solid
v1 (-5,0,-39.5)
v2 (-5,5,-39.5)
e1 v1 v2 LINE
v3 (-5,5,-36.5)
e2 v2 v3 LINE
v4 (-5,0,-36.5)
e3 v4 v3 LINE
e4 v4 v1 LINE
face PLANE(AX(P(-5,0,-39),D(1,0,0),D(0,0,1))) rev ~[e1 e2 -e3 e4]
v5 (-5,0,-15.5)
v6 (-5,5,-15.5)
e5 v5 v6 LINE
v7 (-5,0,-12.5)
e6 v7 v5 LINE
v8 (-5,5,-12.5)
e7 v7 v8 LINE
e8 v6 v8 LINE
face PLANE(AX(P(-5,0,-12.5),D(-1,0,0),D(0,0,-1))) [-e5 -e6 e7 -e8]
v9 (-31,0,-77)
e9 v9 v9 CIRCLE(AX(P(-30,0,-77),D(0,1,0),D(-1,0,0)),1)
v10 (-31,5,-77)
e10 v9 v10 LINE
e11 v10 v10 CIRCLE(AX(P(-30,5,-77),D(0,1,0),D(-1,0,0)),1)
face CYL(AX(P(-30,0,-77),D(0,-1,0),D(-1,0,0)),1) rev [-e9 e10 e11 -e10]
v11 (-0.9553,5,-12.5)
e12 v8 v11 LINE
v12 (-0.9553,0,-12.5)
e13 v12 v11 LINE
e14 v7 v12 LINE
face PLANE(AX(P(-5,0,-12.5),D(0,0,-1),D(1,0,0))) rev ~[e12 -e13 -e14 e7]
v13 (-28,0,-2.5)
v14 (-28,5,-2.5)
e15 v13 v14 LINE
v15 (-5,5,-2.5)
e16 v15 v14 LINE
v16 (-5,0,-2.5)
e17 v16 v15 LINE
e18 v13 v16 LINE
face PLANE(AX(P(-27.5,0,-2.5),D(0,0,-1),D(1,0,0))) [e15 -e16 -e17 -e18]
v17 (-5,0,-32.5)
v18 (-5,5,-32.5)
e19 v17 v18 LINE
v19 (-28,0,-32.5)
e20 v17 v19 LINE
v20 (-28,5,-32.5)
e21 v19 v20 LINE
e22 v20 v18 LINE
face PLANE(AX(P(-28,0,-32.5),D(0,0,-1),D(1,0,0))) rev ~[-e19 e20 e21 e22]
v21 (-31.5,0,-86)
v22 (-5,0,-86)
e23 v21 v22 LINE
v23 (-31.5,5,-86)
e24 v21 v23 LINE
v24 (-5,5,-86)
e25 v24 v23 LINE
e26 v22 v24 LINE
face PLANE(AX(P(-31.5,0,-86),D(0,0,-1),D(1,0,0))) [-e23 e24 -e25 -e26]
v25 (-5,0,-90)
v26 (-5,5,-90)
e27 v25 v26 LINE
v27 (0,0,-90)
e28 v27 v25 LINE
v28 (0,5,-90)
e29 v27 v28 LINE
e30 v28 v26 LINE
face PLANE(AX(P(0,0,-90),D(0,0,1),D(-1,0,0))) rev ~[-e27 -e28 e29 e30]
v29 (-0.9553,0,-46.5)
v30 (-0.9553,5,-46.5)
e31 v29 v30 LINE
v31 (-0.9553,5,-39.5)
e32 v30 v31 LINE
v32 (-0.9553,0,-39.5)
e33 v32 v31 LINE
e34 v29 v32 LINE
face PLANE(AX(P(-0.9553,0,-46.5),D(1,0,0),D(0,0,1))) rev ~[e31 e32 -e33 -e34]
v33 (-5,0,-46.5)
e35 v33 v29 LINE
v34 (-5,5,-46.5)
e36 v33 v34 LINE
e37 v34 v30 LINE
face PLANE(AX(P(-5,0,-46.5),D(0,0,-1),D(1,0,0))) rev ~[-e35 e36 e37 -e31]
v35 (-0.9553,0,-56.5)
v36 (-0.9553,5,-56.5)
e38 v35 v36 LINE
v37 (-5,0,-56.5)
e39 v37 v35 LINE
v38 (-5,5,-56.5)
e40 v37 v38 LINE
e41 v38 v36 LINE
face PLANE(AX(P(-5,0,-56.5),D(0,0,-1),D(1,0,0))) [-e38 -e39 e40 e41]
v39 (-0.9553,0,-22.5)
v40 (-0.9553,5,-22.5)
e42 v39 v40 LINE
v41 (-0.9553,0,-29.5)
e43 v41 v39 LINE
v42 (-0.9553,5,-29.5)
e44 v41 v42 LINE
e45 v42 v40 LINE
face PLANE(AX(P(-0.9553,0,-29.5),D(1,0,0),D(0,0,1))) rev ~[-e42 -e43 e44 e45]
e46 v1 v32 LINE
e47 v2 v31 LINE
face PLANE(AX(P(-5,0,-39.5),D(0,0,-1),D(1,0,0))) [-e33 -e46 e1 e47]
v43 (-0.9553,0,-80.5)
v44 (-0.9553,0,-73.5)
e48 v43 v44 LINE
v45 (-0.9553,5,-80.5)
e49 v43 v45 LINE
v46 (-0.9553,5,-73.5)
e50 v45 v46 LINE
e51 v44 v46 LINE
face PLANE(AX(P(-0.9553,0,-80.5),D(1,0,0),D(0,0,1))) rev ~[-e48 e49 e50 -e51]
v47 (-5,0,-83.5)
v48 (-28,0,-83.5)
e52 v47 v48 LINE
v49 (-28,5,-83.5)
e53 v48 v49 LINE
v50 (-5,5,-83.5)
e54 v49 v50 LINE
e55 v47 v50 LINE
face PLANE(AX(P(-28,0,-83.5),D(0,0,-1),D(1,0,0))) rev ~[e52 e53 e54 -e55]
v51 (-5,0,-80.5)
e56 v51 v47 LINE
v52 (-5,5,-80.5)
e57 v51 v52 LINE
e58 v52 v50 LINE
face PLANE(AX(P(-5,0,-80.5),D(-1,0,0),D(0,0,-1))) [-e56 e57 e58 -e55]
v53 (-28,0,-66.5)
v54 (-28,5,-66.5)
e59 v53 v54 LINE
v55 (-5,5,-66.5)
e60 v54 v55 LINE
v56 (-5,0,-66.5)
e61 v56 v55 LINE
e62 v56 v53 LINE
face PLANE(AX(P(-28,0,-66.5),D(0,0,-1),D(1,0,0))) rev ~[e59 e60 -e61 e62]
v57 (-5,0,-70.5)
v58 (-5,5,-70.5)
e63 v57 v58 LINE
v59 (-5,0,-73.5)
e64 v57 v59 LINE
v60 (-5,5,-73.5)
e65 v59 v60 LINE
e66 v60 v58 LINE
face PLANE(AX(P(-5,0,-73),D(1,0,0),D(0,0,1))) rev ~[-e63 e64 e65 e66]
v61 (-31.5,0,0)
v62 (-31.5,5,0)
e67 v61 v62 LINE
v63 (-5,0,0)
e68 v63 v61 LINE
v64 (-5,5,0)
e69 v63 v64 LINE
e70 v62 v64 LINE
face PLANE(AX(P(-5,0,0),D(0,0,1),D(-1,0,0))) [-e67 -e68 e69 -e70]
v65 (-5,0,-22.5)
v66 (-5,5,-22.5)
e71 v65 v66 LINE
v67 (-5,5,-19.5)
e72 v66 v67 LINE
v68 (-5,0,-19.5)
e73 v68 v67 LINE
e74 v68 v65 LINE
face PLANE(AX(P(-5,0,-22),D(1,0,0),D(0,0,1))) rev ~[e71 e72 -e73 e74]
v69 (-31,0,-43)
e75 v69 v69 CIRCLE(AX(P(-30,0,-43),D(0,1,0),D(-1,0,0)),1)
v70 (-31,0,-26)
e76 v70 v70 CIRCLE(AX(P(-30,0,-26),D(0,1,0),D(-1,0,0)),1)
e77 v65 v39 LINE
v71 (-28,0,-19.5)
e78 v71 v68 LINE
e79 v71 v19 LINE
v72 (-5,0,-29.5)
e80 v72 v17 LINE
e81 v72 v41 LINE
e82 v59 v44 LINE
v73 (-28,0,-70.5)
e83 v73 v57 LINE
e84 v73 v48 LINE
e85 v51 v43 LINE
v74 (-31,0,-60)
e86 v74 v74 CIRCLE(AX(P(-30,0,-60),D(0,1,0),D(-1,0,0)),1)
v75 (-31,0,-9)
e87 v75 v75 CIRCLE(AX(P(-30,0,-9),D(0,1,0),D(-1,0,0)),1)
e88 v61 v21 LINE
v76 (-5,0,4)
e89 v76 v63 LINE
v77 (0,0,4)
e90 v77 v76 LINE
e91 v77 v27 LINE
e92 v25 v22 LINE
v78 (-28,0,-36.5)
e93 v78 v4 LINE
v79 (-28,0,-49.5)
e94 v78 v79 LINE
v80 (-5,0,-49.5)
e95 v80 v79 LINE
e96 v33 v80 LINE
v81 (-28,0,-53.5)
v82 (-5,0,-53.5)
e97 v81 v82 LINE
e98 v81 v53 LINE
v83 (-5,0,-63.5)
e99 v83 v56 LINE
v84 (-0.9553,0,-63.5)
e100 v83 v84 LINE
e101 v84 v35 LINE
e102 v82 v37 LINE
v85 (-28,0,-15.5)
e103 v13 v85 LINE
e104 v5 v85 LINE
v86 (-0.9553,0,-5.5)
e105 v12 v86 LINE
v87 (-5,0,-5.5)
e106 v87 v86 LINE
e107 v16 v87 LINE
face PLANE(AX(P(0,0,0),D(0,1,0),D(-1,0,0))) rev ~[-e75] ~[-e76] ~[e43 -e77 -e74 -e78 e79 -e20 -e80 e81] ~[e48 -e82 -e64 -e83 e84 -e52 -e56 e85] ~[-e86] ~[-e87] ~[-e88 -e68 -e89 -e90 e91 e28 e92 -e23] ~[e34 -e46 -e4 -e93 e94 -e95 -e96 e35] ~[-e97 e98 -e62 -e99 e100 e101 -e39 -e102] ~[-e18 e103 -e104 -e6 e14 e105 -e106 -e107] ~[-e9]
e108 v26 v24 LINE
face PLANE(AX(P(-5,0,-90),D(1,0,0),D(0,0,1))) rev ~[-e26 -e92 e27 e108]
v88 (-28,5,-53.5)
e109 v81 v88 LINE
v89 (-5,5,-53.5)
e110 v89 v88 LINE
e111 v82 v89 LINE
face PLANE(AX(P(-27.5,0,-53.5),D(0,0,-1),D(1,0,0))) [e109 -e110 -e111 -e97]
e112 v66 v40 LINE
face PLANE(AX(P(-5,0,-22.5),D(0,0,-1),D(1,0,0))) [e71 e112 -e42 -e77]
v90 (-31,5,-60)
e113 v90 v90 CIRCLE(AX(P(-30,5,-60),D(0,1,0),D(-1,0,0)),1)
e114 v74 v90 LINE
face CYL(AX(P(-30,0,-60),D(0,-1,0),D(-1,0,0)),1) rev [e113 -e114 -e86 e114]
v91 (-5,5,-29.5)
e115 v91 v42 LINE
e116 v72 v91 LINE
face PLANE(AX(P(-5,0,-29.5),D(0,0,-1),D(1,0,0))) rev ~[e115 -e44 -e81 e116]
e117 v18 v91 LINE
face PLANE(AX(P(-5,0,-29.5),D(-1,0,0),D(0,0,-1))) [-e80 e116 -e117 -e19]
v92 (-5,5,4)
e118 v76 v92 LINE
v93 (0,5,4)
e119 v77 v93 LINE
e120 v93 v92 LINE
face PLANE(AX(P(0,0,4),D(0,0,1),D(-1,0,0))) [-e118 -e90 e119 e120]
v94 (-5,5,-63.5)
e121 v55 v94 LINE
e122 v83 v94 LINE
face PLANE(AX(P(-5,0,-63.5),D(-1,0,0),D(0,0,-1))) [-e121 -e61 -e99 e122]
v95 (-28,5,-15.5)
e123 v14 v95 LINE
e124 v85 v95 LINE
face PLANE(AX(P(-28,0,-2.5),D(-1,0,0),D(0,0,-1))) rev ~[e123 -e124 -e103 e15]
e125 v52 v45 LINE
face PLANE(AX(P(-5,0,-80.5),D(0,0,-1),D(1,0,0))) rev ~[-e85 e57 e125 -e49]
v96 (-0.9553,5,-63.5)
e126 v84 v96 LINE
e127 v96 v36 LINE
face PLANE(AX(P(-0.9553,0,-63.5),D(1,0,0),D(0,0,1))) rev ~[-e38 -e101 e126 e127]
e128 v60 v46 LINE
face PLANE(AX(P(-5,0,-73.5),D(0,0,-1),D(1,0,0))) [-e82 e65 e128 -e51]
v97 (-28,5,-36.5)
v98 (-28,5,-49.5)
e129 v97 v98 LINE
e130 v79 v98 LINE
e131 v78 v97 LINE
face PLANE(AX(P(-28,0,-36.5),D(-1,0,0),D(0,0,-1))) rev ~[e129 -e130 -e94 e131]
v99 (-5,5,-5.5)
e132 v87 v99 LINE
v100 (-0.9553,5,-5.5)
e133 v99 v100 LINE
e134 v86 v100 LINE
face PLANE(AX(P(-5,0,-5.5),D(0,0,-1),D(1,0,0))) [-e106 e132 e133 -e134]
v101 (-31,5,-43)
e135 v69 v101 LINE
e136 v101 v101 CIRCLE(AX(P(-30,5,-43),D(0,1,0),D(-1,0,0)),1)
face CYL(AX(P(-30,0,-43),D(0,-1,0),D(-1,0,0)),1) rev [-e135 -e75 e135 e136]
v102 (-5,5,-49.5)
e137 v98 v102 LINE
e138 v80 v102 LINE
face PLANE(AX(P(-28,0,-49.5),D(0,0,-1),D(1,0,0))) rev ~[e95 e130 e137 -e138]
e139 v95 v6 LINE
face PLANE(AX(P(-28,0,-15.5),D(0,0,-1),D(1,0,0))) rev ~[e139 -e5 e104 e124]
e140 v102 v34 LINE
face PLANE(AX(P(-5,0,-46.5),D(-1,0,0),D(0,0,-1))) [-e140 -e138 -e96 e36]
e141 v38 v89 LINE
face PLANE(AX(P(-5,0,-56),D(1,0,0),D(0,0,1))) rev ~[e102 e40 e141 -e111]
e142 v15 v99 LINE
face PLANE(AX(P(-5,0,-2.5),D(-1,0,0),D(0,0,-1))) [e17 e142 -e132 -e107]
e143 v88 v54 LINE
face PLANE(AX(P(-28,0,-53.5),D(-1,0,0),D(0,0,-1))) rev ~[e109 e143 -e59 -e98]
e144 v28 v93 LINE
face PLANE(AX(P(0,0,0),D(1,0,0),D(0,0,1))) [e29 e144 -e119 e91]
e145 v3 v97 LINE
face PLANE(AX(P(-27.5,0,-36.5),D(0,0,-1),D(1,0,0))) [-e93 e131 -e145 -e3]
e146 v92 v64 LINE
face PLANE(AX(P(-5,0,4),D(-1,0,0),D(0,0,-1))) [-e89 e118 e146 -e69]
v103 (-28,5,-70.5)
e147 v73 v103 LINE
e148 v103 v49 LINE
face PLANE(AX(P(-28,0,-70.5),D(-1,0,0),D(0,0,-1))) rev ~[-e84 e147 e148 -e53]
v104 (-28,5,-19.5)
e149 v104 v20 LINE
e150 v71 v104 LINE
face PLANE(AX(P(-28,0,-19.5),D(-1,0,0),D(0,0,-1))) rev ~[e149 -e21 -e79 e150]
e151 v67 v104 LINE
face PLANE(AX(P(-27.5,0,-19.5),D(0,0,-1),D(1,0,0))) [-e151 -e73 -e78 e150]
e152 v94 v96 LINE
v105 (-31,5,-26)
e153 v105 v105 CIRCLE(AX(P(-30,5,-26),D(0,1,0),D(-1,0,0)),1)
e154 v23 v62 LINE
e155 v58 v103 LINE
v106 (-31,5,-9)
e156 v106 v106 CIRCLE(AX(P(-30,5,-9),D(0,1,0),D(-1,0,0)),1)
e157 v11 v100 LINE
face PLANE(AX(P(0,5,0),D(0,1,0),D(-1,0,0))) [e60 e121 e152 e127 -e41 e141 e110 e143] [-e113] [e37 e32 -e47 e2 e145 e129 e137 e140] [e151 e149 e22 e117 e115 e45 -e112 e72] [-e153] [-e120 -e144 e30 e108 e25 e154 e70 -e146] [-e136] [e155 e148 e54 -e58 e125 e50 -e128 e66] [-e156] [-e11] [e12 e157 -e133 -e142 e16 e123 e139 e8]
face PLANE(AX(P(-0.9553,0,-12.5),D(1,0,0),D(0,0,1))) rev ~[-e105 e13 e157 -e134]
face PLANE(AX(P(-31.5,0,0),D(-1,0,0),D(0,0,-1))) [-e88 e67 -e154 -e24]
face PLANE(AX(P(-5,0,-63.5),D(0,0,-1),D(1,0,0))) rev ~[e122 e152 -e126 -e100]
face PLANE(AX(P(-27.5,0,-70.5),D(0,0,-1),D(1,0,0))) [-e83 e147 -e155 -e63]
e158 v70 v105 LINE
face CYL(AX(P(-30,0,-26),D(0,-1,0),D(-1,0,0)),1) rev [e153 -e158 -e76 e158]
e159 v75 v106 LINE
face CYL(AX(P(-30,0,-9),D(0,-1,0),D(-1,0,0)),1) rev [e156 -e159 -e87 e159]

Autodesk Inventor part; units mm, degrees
ref_plane "YZ Plane" through (0, 0, 0) normal (1, 0, 0) x (0, 1, 0)
ref_plane "XZ Plane" through (0, 0, 0) normal (0, 1, 0) x (-1, 0, 0)
ref_plane "XY Plane" through (0, 0, 0) normal (0, 0, 1) x (1, 0, 0)
sketch "Sketch1" plane through (0, 0, 0) normal (0, 1, 0) x (-1, 0, 0)
  line L0 (0, 0) -> (27.5, 0)
  line L1 (27.5, 0) -> (27.5, -2.5)
  line L2 (27.5, -2.5) -> (5, -2.5)
  line L3 (5, -2.5) -> (5, -15.5)
  line L4 (5, -15.5) -> (27.5, -15.5)
  line L5 (27.5, -15.5) -> (27.5, -18)
  line L6 (27.5, -18) -> (0, -18)
  line L7 (0, -18) -> (0, 0)
  line L8 (27.5, -2.5) -> (28, -2.5)
  line L9 (28, -2.5) -> (28, -15.5)
  line L10 (28, -15.5) -> (27.5, -15.5)
  line L11 (27.5, 0) -> (31.5, 0)
  line L12 (31.5, 0) -> (31.5, -18)
  line L13 (31.5, -18) -> (27.5, -18)
  circle A0 centre (30, -9) radius 1
  line L14 (5, -5.5) -> (0, -5.5)
  line L15 (5, -12.5) -> (0, -12.5)
  line L16 (0, 0) -> (0, 4)
  line L17 (0, 4) -> (5, 4)
  line L18 (5, 4) -> (5, 0)
  line L19 (0, -18) -> (0, -22)
  line L20 (0, -22) -> (5, -22)
  line L21 (5, -22) -> (5, -18)
  line L22 (0.9553, -12.5) -> (0.9553, -5.5)
  dimension "d1" = 2.5
  dimension "d2" = 22.5
  dimension "d4" = 2.5
  dimension "d5" = 5
  dimension "d9" = 13
  dimension "d16" = 0.5
  dimension "d17" = 4
  dimension "d19" = 2
  dimension "d20" = 6.5
  dimension "d21" = 3
  dimension "d22" = 3
  dimension "d23" = 4
  dimension "d24" = 4
extrude "Extrusion1" add sketch "Sketch1" along normal blind 5 contours L16 L17 L18 L0 | L0 L1 L2 L3 L14 L7 | L14 L22 L15 L7 | L11 L12 L13 L5 L10 L9 L8 L1 | L15 L3 L4 L5 L6 L7 | L6 L21 L20 L19
pattern_linear "Rectangular Pattern1" count 5 spacing 17 along (0, 0, -1)
properties part number "ServoHolder"
